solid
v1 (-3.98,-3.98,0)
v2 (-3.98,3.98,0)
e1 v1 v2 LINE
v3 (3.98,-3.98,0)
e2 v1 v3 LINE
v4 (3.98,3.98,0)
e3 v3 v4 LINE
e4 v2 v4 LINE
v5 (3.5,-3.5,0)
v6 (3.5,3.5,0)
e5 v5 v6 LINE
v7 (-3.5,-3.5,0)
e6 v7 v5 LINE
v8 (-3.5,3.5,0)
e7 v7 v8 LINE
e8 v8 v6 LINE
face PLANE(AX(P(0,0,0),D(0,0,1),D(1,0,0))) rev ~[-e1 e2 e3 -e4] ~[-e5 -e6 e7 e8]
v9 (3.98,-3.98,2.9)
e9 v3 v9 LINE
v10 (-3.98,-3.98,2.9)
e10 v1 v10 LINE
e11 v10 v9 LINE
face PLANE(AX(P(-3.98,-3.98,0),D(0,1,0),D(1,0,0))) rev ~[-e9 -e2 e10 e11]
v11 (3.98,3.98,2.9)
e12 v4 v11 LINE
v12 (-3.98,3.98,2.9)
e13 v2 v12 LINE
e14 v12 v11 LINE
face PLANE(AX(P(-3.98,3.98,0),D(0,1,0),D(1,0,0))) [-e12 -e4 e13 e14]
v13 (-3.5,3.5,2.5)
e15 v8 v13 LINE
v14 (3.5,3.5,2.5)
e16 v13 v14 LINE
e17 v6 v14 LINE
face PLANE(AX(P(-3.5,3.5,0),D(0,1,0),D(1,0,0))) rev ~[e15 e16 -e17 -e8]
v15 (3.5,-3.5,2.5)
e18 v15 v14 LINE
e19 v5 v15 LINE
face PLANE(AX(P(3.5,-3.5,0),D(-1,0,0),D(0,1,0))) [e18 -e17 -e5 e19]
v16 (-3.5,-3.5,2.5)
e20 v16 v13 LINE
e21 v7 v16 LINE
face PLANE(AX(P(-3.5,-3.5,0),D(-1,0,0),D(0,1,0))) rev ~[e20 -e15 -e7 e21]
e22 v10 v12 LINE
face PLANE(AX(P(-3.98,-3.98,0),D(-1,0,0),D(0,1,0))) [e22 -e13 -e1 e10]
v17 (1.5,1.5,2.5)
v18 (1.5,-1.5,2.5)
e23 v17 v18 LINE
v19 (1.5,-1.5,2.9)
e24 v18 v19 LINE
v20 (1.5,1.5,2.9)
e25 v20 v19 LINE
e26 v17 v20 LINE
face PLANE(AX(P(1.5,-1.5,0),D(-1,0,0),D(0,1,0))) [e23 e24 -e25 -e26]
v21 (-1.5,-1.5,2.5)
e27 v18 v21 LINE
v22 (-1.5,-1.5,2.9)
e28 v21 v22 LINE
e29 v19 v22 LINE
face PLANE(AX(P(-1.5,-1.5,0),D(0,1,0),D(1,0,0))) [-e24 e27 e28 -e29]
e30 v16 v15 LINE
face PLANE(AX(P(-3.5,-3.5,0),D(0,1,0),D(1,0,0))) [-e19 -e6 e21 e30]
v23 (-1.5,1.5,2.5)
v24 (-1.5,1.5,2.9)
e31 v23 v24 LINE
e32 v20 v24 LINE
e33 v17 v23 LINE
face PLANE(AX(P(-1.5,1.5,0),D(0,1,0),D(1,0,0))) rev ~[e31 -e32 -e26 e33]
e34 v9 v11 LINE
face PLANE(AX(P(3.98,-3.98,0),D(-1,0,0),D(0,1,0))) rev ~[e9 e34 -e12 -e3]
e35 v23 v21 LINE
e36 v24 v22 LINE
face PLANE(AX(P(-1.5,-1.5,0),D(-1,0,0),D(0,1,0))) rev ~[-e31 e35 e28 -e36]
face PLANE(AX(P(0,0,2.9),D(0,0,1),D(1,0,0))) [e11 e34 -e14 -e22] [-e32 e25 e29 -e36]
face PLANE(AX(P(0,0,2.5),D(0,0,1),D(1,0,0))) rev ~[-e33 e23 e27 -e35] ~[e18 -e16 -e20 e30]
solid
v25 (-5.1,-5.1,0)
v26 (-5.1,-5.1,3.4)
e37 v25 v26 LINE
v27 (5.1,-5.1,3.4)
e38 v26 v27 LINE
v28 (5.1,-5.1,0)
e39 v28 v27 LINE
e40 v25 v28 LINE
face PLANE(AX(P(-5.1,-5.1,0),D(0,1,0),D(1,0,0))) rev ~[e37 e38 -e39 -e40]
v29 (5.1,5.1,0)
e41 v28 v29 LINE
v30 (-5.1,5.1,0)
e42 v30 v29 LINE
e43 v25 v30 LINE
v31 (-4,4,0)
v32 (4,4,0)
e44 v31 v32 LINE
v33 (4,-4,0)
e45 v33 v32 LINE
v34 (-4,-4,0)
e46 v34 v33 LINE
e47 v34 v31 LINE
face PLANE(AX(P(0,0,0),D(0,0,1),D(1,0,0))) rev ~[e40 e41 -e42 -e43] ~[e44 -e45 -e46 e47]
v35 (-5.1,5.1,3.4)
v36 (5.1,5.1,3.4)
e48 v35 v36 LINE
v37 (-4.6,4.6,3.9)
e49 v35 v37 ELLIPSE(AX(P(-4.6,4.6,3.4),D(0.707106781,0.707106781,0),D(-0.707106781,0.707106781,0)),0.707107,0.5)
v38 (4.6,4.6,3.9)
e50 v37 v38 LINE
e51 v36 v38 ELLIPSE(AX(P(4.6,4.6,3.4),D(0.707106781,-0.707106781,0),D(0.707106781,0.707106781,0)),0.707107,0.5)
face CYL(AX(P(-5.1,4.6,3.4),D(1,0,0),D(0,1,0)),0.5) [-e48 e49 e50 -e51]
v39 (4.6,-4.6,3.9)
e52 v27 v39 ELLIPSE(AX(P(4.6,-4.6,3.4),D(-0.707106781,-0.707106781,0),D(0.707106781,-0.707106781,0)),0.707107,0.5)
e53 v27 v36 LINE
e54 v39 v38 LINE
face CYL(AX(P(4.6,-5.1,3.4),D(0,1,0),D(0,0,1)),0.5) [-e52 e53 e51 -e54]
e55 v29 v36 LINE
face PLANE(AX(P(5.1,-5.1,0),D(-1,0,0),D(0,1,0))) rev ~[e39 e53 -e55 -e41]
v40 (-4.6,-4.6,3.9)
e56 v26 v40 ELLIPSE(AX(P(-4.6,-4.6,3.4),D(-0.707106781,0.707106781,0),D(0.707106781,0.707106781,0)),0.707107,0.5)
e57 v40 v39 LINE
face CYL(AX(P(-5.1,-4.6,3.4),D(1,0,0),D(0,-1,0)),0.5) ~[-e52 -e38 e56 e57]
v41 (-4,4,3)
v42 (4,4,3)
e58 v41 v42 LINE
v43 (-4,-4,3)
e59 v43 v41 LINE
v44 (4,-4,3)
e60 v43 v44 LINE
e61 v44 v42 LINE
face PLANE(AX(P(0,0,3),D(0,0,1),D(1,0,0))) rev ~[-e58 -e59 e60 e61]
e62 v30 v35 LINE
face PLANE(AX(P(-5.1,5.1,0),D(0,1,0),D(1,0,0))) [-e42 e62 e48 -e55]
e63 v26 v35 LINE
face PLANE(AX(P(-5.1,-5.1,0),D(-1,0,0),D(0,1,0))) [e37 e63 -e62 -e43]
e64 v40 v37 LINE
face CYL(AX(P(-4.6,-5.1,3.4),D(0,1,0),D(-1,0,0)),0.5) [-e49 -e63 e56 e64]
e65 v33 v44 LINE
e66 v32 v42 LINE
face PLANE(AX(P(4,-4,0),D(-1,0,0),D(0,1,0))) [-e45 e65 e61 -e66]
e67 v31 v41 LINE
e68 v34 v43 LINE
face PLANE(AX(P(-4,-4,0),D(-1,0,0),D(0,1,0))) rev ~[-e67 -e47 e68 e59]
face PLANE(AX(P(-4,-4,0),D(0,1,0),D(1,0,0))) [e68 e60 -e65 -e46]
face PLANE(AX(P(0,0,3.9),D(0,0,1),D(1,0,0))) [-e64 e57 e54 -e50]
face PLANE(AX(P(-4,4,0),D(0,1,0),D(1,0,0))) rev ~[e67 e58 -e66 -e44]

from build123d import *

# Parameters (mm, degrees)
BOX001_W     = 8
BOX001_H     = 8
BOX001_DEPTH = 3
BOX_W        = 10.2
BOX_H        = 10.2
BOX_DEPTH    = 3.9
FILLET_R     = 0.5
BOX004_W     = 3
BOX004_H     = 3
BOX004_DEPTH = 4
BOX003_W     = 7
BOX003_H     = 7
BOX003_DEPTH = 2.5
BOX002_W     = 7.96
BOX002_H     = 7.96
BOX002_DEPTH = 2.9


with BuildPart() as cube001:
    # Box001 → Box001 (new body)
    with BuildSketch(Plane(origin=(-4, -4, 0), x_dir=(1, 0, 0), z_dir=(0, 0, 1))):
        with Locations((4, 4)):
            Rectangle(BOX001_W, BOX001_H)
    extrude(amount=BOX001_DEPTH)


with BuildPart() as fillet_body:
    # Box → Box (new body)
    with BuildSketch(Plane(origin=(-5.1, -5.1, 0), x_dir=(1, 0, 0), z_dir=(0, 0, 1))):
        with Locations((5.1, 5.1)):
            Rectangle(BOX_W, BOX_H)
    extrude(amount=BOX_DEPTH)

    # Cut: cut Cube001
    add(cube001.part, mode=Mode.SUBTRACT)

    # Fillet
    fillet_edges = [fillet_body.edges().sort_by_distance(p)[0] for p in [
        (-5.1, 0, 3.9),
        (0, -5.1, 3.9),
        (0, 5.1, 3.9),
        (5.1, 0, 3.9),
    ]]
    fillet(fillet_edges, radius=FILLET_R)


with BuildPart() as cube004:
    # Box004 → Box004 (new body)
    with BuildSketch(Plane(origin=(-1.5, -1.5, 0), x_dir=(1, 0, 0), z_dir=(0, 0, 1))):
        with Locations((1.5, 1.5)):
            Rectangle(BOX004_W, BOX004_H)
    extrude(amount=BOX004_DEPTH)


with BuildPart() as fusion:
    # Box003 → Box003 (new body)
    with BuildSketch(Plane(origin=(-3.5, -3.5, 0), x_dir=(1, 0, 0), z_dir=(0, 0, 1))):
        with Locations((3.5, 3.5)):
            Rectangle(BOX003_W, BOX003_H)
    extrude(amount=BOX003_DEPTH)

    # Fusion: union Cube004
    add(cube004.part)


with BuildPart() as cut001:
    # Box002 → Box002 (new body)
    with BuildSketch(Plane(origin=(-3.98, -3.98, 0), x_dir=(1, 0, 0), z_dir=(0, 0, 1))):
        with Locations((3.98, 3.98)):
            Rectangle(BOX002_W, BOX002_H)
    extrude(amount=BOX002_DEPTH)

    # Cut001: cut Fusion
    add(fusion.part, mode=Mode.SUBTRACT)


solid = Compound([fillet_body.part, cut001.part])
